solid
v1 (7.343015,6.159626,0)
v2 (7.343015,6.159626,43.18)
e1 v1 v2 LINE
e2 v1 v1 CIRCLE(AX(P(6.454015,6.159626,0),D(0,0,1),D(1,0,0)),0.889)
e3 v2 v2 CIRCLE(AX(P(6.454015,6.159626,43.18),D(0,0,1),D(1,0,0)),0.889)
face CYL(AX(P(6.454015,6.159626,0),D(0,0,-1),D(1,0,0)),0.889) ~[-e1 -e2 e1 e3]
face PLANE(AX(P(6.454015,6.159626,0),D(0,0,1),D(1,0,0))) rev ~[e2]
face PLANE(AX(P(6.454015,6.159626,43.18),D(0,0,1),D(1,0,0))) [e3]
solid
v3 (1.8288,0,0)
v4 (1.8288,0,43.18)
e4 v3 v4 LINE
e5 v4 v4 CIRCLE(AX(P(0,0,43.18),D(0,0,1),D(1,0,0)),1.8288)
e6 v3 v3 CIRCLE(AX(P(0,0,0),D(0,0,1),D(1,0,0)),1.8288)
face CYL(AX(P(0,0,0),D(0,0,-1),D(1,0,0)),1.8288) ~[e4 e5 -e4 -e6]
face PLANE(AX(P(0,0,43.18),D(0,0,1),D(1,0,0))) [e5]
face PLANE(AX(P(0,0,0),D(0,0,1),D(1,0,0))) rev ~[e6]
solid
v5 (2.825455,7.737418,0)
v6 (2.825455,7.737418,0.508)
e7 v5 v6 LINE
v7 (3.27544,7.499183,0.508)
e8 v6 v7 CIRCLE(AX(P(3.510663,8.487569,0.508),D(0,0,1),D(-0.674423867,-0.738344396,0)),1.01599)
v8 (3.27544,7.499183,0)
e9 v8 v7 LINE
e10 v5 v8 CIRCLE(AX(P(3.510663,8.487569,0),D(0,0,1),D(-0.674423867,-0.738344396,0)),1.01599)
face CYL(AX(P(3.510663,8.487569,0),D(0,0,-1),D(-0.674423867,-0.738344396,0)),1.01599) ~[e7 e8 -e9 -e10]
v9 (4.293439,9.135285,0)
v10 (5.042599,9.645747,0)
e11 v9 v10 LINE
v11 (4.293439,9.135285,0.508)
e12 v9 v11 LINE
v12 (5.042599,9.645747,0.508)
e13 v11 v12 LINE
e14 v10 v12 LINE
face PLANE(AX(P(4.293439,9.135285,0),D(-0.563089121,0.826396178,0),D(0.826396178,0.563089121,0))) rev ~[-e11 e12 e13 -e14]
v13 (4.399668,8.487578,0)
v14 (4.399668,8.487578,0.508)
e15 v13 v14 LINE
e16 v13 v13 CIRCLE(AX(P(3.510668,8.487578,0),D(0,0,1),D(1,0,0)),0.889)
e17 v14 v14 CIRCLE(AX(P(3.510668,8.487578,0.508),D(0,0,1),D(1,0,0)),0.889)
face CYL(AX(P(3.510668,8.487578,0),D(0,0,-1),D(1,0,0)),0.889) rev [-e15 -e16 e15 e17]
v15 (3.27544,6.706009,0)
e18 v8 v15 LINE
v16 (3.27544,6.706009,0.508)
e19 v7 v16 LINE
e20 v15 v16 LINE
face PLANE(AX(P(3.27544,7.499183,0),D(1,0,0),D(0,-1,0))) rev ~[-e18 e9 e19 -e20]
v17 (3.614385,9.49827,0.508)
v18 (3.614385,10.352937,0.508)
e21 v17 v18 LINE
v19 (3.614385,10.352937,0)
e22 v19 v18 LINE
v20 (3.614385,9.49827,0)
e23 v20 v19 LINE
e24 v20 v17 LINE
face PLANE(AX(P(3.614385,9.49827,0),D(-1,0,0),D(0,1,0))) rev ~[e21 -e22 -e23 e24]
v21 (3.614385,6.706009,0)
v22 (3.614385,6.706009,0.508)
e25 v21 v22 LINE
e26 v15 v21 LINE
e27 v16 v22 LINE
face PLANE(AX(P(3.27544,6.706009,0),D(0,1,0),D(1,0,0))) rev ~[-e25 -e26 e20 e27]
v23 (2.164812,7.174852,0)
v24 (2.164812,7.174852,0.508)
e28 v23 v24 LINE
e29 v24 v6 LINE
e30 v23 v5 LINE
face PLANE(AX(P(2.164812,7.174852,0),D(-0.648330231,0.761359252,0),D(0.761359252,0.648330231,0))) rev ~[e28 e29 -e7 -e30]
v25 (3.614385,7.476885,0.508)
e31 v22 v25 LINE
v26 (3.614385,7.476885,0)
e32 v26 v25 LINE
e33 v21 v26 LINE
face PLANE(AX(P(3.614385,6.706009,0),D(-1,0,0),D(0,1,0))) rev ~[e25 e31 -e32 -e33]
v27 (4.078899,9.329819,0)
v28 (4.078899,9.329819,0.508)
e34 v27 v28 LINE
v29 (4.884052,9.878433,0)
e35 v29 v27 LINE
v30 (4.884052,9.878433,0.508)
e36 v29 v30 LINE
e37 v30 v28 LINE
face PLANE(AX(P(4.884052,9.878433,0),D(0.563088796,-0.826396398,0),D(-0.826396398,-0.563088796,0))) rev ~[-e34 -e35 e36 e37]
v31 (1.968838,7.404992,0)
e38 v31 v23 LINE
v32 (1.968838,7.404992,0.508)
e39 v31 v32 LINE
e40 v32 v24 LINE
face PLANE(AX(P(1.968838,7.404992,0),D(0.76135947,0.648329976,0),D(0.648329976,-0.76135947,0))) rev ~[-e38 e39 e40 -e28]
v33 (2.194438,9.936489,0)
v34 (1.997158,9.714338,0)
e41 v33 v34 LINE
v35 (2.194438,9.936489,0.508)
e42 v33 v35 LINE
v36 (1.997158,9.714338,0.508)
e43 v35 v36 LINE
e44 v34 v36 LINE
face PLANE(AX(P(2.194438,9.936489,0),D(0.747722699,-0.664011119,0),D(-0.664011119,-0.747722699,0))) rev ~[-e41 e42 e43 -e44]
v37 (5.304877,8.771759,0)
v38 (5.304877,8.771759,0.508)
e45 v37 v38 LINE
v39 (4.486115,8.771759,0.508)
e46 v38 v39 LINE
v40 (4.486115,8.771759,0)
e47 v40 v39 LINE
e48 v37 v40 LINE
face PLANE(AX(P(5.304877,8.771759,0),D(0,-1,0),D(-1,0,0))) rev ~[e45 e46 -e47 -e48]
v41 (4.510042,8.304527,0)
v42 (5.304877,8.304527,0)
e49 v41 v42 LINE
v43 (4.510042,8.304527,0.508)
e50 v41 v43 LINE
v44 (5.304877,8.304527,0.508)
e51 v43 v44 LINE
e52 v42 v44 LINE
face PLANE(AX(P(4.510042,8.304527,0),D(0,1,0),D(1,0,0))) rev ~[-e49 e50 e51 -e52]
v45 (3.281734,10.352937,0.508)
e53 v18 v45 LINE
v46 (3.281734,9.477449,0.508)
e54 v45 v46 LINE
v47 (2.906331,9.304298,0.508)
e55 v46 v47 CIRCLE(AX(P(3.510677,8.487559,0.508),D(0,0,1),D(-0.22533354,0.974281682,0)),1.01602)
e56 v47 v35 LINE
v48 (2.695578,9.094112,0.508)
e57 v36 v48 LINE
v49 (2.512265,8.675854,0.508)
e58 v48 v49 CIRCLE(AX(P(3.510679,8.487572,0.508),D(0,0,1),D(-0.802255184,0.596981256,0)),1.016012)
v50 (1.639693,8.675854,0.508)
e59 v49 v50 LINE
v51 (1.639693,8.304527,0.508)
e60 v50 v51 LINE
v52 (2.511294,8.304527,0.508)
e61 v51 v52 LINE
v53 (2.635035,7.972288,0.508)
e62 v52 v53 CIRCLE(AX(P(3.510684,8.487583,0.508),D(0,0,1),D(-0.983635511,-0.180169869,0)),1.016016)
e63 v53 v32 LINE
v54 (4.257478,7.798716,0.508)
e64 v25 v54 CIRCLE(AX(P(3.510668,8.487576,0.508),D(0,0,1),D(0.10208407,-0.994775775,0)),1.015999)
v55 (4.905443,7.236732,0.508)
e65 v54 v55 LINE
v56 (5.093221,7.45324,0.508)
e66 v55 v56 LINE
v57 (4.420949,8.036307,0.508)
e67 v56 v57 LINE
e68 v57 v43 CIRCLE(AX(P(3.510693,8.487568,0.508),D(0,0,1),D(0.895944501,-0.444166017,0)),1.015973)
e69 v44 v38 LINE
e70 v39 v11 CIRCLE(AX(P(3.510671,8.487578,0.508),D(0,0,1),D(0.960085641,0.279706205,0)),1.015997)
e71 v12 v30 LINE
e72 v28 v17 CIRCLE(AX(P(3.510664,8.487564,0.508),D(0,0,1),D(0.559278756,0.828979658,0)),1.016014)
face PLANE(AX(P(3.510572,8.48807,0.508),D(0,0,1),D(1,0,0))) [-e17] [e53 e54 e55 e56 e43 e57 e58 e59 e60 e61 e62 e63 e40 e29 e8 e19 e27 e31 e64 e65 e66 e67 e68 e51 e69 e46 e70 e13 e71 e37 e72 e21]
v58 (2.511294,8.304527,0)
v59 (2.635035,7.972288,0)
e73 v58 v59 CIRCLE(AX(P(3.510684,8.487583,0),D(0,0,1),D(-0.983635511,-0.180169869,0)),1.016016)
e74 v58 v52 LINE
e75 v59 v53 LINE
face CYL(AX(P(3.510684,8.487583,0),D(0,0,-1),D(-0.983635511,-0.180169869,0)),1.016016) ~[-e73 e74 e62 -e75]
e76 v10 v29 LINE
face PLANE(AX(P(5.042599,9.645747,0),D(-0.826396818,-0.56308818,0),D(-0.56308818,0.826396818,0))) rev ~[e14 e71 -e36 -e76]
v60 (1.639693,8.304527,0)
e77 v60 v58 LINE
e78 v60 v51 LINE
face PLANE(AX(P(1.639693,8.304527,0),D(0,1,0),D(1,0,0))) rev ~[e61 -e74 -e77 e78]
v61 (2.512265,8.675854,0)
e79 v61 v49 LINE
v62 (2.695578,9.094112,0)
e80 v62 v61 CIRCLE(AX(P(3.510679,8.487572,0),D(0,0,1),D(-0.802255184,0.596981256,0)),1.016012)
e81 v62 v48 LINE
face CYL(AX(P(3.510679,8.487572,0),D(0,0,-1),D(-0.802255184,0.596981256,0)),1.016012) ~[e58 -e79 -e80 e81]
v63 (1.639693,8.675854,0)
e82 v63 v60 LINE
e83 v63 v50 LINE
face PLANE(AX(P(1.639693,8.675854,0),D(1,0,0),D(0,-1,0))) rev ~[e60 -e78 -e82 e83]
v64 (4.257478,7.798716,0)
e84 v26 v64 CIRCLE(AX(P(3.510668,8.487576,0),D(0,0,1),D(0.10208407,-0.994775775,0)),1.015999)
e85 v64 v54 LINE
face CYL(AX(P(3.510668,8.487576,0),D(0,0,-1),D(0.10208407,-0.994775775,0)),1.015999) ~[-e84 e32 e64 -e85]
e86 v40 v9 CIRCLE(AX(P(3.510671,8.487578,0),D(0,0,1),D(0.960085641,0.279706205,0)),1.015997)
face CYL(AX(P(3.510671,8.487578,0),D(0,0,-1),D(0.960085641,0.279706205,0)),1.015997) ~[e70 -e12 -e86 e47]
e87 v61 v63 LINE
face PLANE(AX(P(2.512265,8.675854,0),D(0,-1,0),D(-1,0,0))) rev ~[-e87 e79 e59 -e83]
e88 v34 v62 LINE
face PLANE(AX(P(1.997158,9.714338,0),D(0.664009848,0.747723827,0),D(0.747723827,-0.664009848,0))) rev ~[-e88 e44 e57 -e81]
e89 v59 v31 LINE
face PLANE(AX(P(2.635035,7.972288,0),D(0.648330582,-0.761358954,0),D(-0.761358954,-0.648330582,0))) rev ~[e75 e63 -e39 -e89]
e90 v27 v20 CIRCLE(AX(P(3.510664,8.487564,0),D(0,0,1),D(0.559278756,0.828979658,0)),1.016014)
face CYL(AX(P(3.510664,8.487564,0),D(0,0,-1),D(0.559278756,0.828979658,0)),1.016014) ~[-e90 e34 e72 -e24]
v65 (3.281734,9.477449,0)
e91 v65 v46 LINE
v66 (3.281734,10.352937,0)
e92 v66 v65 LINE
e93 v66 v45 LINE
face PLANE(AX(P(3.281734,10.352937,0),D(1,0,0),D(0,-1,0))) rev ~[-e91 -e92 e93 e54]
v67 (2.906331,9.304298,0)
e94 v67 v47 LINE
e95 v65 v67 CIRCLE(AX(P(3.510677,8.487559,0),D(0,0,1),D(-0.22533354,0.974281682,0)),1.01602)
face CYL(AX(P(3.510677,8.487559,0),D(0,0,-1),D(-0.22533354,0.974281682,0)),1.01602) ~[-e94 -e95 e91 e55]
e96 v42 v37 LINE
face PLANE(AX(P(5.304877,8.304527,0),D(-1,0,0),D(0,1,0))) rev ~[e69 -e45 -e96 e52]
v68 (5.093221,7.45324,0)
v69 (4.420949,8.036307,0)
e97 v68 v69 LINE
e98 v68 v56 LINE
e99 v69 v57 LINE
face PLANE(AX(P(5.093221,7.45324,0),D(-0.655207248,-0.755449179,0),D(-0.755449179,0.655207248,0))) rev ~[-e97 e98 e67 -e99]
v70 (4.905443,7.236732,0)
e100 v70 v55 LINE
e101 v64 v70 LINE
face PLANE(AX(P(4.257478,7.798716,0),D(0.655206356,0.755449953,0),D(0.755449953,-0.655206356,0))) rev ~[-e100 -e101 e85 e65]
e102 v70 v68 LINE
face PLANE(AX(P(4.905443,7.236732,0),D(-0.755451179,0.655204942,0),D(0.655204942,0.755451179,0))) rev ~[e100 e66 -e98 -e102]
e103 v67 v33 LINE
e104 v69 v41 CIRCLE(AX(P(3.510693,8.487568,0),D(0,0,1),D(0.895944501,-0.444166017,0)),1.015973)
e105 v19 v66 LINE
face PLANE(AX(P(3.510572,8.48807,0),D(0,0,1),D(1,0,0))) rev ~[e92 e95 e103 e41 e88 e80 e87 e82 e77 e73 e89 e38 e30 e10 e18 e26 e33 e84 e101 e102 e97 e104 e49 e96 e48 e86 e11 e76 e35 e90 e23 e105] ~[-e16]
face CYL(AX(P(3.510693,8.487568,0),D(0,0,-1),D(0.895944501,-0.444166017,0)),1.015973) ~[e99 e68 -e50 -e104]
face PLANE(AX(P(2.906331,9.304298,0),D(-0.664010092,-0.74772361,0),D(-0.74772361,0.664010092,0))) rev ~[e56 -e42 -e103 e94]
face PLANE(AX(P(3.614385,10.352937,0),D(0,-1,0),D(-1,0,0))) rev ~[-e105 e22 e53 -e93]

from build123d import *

# Parameters (mm, degrees)
F0_R     = 1.8288
F1_DEPTH = 43.18
F0_R_2   = 0.889
F2_DEPTH = 43.18
F3_DEPTH = 0.508


with BuildPart() as f1:
    # F0 (on Top) → F1 (new body)
    with BuildSketch(Plane.XY):
        Circle(F0_R)
    extrude(amount=F1_DEPTH)


with BuildPart() as f2:
    # F0 (on Top) → F2 (new body)
    with BuildSketch(Plane.XY):
        with Locations((6.454015, 6.159626)):
            Circle(F0_R_2)
    extrude(amount=F2_DEPTH)


with BuildPart() as f3:
    # F0 (on Top) → F3 (new body)
    with BuildSketch(Plane.XY):
        with BuildLine():
            ThreePointArc((4.510042, 8.304527), (4.522503, 8.395676), (4.526668, 8.487578))
            ThreePointArc((4.526668, 8.487578), (4.516479, 8.631108), (4.486115, 8.771759))
            ThreePointArc((4.486115, 8.771759), (4.408371, 8.963377), (4.293439, 9.135285))
            ThreePointArc((4.293439, 9.135285), (4.193136, 9.240235), (4.078899, 9.329819))
            ThreePointArc((4.078899, 9.329819), (3.857038, 9.442713), (3.614385, 9.49827))
            ThreePointArc((3.614385, 9.49827), (3.4472, 9.501593), (3.281734, 9.477449))
            ThreePointArc((3.281734, 9.477449), (3.085133, 9.410169), (2.906331, 9.304298))
            ThreePointArc((2.906331, 9.304298), (2.793215, 9.206965), (2.695578, 9.094112))
            ThreePointArc((2.695578, 9.094112), (2.580118, 8.895416), (2.512265, 8.675854))
            ThreePointArc((2.512265, 8.675854), (2.494672, 8.490235), (2.511294, 8.304527))
            ThreePointArc((2.511294, 8.304527), (2.558561, 8.132968), (2.635035, 7.972288))
            ThreePointArc((2.635035, 7.972288), (2.721459, 7.84773), (2.825455, 7.737418))
            ThreePointArc((2.825455, 7.737418), (3.035282, 7.589655), (3.27544, 7.499183))
            ThreePointArc((3.27544, 7.499183), (3.443974, 7.473769), (3.614385, 7.476885))
            ThreePointArc((3.614385, 7.476885), (3.965358, 7.579), (4.257478, 7.798716))
            ThreePointArc((4.257478, 7.798716), (4.347686, 7.911682), (4.420949, 8.036307))
            ThreePointArc((4.420949, 8.036307), (4.474868, 8.167304), (4.510042, 8.304527))
        make_face()
        with Locations((3.510668, 8.487578)):
            Circle(F0_R_2, mode=Mode.SUBTRACT)
        with BuildLine():
            ThreePointArc((3.281734, 9.477449), (3.4472, 9.501593), (3.614385, 9.49827))
            Line((3.614385, 9.49827), (3.614385, 10.352937))
            Line((3.614385, 10.352937), (3.281734, 10.352937))
            Line((3.281734, 10.352937), (3.281734, 9.477449))
        make_face()
        with BuildLine():
            ThreePointArc((2.695578, 9.094112), (2.793215, 9.206965), (2.906331, 9.304298))
            Line((2.906331, 9.304298), (2.194438, 9.936489))
            Line((2.194438, 9.936489), (1.997158, 9.714338))
            Line((1.997158, 9.714338), (2.695578, 9.094112))
        make_face()
        with BuildLine():
            ThreePointArc((4.078899, 9.329819), (4.193136, 9.240235), (4.293439, 9.135285))
            Line((4.293439, 9.135285), (5.042599, 9.645747))
            Line((5.042599, 9.645747), (4.884052, 9.878433))
            Line((4.884052, 9.878433), (4.078899, 9.329819))
        make_face()
        with BuildLine():
            ThreePointArc((4.486115, 8.771759), (4.516479, 8.631108), (4.526668, 8.487578))
            ThreePointArc((4.526668, 8.487578), (4.522503, 8.395676), (4.510042, 8.304527))
            Line((4.510042, 8.304527), (5.304877, 8.304527))
            Line((5.304877, 8.304527), (5.304877, 8.771759))
            Line((5.304877, 8.771759), (4.486115, 8.771759))
        make_face()
        with BuildLine():
            Line((5.093221, 7.45324), (4.420949, 8.036307))
            ThreePointArc((4.420949, 8.036307), (4.347686, 7.911682), (4.257478, 7.798716))
            Line((4.257478, 7.798716), (4.905443, 7.236732))
            Line((4.905443, 7.236732), (5.093221, 7.45324))
        make_face()
        with BuildLine():
            Line((3.614385, 6.706009), (3.614385, 7.476885))
            ThreePointArc((3.614385, 7.476885), (3.443974, 7.473769), (3.27544, 7.499183))
            Line((3.27544, 7.499183), (3.27544, 6.706009))
            Line((3.27544, 6.706009), (3.614385, 6.706009))
        make_face()
        with BuildLine():
            ThreePointArc((2.511294, 8.304527), (2.494672, 8.490235), (2.512265, 8.675854))
            Line((2.512265, 8.675854), (1.639693, 8.675854))
            Line((1.639693, 8.675854), (1.639693, 8.304527))
            Line((1.639693, 8.304527), (2.511294, 8.304527))
        make_face()
        with BuildLine():
            Line((2.164812, 7.174852), (2.825455, 7.737418))
            ThreePointArc((2.825455, 7.737418), (2.721459, 7.84773), (2.635035, 7.972288))
            Line((2.635035, 7.972288), (1.968838, 7.404992))
            Line((1.968838, 7.404992), (2.164812, 7.174852))
        make_face()
    extrude(amount=F3_DEPTH)


solid = Compound([f1.part, f2.part, f3.part])
